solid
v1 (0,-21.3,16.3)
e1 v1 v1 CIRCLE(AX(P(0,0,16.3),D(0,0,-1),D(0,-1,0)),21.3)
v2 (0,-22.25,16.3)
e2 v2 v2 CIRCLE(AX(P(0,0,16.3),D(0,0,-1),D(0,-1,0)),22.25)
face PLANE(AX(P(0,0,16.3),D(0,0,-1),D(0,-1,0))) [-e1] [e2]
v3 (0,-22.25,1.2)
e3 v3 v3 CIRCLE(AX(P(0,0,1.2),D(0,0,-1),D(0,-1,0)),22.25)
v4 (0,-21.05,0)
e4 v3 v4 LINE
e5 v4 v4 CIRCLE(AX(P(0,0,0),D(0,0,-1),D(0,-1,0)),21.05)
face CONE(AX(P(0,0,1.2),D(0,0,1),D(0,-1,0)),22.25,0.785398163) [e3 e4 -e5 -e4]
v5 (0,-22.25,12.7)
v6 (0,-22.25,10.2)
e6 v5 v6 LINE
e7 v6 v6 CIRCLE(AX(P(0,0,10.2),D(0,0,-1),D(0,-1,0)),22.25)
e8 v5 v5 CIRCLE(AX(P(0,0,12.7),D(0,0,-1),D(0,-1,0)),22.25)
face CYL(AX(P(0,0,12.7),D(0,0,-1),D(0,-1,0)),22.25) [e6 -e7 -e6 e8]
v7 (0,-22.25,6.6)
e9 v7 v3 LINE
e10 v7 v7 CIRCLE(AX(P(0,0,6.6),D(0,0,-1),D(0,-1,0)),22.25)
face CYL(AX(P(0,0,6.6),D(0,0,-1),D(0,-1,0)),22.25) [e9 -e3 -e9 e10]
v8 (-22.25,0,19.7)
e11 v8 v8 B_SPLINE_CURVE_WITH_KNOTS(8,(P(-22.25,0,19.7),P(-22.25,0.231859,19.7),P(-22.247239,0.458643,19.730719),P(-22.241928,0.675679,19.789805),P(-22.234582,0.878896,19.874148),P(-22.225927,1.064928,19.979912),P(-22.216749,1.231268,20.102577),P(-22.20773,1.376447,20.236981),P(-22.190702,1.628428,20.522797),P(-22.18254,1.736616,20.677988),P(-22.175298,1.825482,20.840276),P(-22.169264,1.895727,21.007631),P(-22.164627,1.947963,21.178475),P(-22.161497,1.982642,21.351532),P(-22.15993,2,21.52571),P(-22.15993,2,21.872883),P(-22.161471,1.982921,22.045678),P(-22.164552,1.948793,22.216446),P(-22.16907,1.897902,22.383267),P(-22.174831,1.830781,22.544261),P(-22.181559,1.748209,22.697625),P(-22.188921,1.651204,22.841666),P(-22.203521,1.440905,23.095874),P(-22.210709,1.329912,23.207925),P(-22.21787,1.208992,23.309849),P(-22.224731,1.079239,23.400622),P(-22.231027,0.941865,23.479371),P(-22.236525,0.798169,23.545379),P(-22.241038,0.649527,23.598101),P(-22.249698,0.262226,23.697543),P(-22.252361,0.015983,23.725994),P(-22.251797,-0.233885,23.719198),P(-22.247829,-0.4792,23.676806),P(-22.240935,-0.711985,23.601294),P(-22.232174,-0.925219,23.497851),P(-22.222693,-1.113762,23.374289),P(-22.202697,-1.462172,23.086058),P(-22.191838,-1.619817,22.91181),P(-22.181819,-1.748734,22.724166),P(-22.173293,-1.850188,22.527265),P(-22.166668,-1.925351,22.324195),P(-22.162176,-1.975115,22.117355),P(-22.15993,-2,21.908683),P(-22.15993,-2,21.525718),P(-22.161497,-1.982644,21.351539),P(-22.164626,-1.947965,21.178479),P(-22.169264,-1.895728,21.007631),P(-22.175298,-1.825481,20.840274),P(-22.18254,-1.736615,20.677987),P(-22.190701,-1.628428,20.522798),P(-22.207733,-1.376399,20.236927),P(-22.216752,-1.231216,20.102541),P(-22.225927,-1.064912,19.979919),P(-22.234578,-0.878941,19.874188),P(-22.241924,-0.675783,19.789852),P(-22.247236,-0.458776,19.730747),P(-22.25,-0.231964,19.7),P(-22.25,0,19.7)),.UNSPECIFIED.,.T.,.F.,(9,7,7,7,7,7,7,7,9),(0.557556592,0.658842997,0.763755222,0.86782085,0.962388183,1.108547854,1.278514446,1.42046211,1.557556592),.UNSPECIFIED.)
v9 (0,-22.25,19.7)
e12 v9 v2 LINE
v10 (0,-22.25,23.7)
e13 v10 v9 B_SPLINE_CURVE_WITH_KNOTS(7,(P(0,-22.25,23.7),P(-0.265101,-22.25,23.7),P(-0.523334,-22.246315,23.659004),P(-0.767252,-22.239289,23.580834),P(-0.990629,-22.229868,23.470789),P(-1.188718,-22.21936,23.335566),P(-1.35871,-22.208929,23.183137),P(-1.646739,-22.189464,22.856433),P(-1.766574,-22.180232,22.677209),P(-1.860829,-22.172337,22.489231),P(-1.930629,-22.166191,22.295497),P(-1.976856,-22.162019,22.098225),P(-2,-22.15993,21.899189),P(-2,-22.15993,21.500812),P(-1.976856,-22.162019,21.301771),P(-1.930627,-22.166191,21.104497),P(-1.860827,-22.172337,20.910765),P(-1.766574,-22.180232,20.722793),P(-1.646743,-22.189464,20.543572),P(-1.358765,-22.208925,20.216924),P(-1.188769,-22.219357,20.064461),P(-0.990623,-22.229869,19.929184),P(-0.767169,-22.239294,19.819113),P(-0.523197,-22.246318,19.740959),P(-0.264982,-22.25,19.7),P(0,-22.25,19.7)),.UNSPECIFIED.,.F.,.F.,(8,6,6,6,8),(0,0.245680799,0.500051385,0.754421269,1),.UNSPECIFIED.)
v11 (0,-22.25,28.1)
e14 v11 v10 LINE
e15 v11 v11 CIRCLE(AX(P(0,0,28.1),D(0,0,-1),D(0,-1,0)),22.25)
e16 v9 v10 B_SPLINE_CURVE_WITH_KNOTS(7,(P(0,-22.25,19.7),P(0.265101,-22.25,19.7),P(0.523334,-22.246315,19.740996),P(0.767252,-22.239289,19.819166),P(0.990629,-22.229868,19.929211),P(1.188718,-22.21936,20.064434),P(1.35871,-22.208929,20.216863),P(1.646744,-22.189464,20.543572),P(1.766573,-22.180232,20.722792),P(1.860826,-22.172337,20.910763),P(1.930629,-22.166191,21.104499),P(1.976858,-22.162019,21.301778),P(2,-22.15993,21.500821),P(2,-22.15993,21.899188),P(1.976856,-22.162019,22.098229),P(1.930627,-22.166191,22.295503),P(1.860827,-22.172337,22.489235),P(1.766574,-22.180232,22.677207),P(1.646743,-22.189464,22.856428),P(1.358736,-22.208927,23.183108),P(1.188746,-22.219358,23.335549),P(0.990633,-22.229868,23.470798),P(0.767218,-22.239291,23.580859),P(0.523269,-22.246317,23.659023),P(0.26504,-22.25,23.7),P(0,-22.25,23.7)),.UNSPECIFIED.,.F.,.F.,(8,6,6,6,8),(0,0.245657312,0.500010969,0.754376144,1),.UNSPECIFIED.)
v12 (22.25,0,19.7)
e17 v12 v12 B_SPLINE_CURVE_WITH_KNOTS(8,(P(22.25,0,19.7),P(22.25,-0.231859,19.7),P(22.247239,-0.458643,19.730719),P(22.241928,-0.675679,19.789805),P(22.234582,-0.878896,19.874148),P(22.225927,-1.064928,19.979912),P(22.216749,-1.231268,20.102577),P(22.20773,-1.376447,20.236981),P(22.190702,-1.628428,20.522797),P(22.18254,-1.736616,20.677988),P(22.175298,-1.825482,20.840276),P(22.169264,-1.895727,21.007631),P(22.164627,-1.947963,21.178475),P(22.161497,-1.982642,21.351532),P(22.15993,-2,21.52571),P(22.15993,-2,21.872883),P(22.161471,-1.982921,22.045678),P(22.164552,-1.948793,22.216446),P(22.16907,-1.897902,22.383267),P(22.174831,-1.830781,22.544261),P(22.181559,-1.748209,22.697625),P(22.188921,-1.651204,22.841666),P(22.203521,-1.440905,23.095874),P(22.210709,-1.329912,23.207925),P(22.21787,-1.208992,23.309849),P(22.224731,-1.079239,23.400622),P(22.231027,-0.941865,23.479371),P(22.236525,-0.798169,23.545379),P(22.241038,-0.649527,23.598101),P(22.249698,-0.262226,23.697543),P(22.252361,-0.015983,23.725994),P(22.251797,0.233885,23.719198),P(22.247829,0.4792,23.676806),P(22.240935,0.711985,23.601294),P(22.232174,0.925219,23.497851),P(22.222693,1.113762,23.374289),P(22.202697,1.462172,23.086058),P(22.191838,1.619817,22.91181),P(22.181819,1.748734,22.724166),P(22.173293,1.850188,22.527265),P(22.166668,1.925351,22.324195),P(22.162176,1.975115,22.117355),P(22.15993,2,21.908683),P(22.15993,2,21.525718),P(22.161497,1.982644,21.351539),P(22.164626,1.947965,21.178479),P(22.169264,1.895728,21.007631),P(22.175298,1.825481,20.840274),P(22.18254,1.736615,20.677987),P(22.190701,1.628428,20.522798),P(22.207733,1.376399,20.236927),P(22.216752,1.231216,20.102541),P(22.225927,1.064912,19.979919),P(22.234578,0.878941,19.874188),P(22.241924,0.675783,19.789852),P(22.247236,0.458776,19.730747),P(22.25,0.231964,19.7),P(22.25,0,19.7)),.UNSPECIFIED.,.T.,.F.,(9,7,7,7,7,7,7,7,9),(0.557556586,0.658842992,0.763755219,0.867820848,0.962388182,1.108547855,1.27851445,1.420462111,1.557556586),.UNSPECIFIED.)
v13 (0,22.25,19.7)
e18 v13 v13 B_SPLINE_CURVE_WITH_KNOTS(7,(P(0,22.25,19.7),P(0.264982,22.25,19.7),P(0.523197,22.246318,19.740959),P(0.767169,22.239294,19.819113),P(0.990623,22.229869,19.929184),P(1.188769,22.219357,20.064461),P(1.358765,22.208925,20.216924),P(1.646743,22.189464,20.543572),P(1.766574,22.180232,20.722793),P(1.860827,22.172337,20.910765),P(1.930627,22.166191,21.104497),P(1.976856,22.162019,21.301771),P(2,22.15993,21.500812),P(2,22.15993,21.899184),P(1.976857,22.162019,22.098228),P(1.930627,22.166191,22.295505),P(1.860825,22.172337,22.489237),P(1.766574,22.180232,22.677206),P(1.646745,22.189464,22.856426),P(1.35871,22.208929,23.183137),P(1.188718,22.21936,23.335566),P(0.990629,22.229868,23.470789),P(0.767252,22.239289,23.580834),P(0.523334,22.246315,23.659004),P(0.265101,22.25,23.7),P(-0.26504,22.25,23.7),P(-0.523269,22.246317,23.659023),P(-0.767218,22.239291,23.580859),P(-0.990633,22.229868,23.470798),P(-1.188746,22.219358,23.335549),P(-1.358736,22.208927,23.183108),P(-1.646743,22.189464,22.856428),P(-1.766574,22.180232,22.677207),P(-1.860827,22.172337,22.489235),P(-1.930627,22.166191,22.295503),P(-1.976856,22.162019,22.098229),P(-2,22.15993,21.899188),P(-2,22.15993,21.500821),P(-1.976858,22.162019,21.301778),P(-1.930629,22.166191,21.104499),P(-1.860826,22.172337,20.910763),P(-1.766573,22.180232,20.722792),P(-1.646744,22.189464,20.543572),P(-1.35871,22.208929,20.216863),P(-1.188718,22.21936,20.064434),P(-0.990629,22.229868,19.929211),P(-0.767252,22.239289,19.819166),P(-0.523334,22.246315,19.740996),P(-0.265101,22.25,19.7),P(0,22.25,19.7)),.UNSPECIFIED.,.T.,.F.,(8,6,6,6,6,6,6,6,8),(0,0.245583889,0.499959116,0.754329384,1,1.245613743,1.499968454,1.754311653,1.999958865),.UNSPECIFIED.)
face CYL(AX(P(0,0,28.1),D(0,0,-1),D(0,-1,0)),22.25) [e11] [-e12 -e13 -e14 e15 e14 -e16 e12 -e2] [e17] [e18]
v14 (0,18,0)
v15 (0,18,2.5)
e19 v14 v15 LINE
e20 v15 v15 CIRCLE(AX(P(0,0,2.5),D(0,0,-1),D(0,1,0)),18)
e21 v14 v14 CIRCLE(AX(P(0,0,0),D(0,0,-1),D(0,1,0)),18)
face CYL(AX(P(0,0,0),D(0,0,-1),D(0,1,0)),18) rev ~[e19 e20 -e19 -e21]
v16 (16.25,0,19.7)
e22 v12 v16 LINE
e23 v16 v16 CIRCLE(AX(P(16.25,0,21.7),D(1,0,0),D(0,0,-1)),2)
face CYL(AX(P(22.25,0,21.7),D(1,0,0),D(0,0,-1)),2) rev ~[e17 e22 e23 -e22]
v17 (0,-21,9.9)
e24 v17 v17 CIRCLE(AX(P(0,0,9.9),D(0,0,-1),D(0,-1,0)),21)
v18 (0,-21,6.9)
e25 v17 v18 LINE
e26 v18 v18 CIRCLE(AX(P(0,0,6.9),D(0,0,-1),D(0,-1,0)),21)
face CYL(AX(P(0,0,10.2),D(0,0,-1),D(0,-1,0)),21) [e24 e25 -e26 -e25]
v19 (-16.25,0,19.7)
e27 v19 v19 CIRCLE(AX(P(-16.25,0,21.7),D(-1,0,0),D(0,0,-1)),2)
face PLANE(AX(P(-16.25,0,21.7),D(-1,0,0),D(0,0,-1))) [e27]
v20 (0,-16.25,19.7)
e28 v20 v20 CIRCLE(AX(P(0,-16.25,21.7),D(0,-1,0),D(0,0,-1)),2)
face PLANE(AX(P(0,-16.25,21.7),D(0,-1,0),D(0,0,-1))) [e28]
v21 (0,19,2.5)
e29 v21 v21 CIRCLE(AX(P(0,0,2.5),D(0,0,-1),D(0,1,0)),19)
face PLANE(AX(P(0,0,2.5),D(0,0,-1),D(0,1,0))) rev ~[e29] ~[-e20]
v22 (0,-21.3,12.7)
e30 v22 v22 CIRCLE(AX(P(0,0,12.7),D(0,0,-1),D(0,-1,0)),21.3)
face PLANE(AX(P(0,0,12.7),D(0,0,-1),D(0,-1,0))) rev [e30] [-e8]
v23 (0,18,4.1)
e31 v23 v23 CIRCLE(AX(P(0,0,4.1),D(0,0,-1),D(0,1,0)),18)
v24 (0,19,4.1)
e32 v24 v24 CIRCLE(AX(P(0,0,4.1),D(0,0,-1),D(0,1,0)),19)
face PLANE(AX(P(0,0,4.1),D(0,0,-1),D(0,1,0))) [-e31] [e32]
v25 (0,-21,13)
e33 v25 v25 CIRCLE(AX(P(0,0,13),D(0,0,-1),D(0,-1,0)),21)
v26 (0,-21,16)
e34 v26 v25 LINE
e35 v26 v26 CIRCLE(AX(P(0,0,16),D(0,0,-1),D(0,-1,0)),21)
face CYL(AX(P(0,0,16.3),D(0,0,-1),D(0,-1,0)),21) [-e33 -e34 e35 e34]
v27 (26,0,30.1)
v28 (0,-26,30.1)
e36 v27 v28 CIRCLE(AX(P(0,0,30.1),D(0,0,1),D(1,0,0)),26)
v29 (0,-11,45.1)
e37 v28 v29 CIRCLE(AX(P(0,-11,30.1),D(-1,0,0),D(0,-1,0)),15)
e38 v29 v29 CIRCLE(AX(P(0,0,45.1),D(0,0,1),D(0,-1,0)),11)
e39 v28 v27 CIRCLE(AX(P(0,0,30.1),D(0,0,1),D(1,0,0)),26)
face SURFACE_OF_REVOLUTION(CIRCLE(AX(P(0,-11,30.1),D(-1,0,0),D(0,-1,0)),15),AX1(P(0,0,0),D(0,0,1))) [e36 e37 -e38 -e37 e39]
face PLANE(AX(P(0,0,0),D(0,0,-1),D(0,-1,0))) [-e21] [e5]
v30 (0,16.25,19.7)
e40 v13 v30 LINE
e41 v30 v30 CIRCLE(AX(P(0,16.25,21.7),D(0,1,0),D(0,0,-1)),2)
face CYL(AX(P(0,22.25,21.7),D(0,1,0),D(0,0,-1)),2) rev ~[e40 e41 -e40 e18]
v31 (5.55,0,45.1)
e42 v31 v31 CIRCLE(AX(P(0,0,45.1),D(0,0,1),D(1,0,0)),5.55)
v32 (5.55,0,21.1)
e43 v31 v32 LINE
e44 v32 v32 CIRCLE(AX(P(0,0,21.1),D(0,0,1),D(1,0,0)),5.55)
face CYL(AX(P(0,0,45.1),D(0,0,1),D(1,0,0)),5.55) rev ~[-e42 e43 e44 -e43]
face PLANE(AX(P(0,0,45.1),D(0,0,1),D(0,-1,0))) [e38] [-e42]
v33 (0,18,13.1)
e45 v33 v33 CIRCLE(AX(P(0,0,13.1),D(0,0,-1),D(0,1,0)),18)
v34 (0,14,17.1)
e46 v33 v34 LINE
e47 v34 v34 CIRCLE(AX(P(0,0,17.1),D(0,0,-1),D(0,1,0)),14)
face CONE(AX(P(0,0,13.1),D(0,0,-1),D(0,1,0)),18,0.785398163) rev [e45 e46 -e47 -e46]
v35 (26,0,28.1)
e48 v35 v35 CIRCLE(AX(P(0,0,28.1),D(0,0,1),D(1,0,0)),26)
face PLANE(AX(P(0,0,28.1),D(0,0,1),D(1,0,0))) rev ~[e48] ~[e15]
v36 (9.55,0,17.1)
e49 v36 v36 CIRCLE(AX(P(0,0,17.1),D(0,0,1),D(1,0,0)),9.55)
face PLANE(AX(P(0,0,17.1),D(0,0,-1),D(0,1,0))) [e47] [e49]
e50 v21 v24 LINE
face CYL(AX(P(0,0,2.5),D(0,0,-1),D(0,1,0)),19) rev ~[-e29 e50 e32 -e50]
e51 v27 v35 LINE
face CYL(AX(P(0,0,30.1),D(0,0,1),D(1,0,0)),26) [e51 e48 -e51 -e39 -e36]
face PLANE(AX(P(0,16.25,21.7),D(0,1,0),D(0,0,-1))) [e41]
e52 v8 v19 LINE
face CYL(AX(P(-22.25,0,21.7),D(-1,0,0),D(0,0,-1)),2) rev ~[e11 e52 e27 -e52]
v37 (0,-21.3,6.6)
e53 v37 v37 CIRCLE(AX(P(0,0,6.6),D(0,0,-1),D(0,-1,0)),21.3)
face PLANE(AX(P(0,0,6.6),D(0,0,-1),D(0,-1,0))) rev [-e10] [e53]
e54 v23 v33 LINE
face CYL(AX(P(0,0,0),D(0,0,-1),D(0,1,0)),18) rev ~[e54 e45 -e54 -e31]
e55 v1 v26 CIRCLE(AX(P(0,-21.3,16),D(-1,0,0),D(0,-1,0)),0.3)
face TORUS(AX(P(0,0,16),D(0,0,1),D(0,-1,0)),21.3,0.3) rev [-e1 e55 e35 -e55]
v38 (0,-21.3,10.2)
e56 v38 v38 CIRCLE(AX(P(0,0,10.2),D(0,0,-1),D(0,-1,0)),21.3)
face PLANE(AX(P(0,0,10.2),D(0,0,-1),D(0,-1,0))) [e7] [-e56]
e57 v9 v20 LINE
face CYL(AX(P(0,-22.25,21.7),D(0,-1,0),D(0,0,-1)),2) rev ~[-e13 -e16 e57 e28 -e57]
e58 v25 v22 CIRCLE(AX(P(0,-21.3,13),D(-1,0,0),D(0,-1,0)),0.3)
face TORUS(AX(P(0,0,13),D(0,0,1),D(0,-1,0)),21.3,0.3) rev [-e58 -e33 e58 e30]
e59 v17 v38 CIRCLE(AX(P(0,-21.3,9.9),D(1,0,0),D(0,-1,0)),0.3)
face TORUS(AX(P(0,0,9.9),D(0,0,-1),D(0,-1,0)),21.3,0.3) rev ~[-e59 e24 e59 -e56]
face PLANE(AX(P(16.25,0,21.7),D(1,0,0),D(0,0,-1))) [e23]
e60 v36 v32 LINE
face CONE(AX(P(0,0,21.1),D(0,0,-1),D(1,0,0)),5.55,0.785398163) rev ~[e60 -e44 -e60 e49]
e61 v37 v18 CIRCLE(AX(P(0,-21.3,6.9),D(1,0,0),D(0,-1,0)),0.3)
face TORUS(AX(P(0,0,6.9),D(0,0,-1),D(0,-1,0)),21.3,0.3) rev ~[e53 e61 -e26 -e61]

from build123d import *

# Parameters (mm, degrees)
BOSS_EXTRUDE1_START = 2
SKETCH3_R           = 26
SKETCH3_R_2         = 12.25
BOSS_EXTRUDE1_DEPTH = 2
SKETCH11_R          = 12.25
BOSS_EXTRUDE2_DEPTH = 13
SKETCH12_R          = 5.55
CUT_EXTRUDE7_DEPTH  = 28
SKETCH6_R           = 2
CUT_EXTRUDE4_DEPTH  = 6
SKETCH9_R           = 16.5
CUT_EXTRUDE6_DEPTH  = 17.1
CHAMFER1_SIZE       = 4
FILLET1_R           = 0.3
CIRPATTERN1_COUNT   = 4
SKETCH13_R          = 18
CUT_EXTRUDE8_DEPTH  = 17.1
CHAMFER3_SIZE       = 4
SKETCH14_R          = 19
CUT_EXTRUDE9_DEPTH  = 1.6


with BuildPart() as part:
    # Sketch1 → Revolve1 (revolve)
    with BuildSketch(Plane(origin=(0, 0, 0), x_dir=(0, 0, -1), z_dir=(1, 0, 0)), mode=Mode.PRIVATE) as revolve1_sk:
        Polygon((-28.1, 16.231420233), (-28.1, 22.25), (-16.3, 22.25), (-16.3, 21), (-12.7, 21), (-12.7, 22.25), (-10.2, 22.25), (-10.2, 21), (-6.6, 21), (-6.6, 22.25), (-1.2, 22.25), (0, 21.05), (0, 12.25), (-28.1, 12.25), align=None)
    revolve(revolve1_sk.sketch.rotate(Axis((0, 0, 36.316050584), (0, 0, -1)), 180), axis=Axis((0, 0, 36.316050584), (0, 0, -1)))

    # Sketch3 → Boss-Extrude1 (add)
    with BuildSketch(Plane.XY.offset(28.1).offset(BOSS_EXTRUDE1_START)):
        Circle(SKETCH3_R)
        with Locations(Location((0, 0, 0), (0, 0, 270))):
            Circle(SKETCH3_R_2, mode=Mode.SUBTRACT)
    extrude(amount=-BOSS_EXTRUDE1_DEPTH)

    # Sketch4 → Revolve9 (revolve)
    with BuildSketch(Plane(origin=(0, 0, 0), x_dir=(1, 0, 0), z_dir=(0, 1, 0)), mode=Mode.PRIVATE) as revolve9_sk:
        with BuildLine():
            Line((0, -45.1), (0, -30.1))
            Line((0, -30.1), (-26, -30.1))
            ThreePointArc((-26, -30.1), (-21.606601718, -40.706601718), (-11, -45.1))
            Line((-11, -45.1), (0, -45.1))
        make_face()
    revolve(revolve9_sk.sketch.rotate(Axis((0, 0, 0), (0, 0, 1)), 90), axis=Axis((0, 0, 0), (0, 0, 1)))

    # Sketch11 → Boss-Extrude2 (add)
    with BuildSketch(Plane(origin=(0, 0, 30.1), x_dir=(-1, 0, 0), z_dir=(0, 0, -1))):
        with Locations(Location((0, 0, 0), (0, 0, 270))):
            Circle(SKETCH11_R)
    extrude(amount=BOSS_EXTRUDE2_DEPTH)

    # Sketch12 → Cut-Extrude7 (cut)
    with BuildSketch(Plane.XY.offset(45.1)):
        Circle(SKETCH12_R)
    extrude(amount=-CUT_EXTRUDE7_DEPTH, mode=Mode.SUBTRACT)

    # Sketch6 → Cut-Extrude4 (cut)
    with BuildSketch(Plane(origin=(22.25, 0, 0), x_dir=(0, 0, -1), z_dir=(1, 0, 0))):
        with Locations((-21.7, 0)):
            Circle(SKETCH6_R)
    cut_extrude4 = extrude(amount=-CUT_EXTRUDE4_DEPTH, mode=Mode.SUBTRACT)

    # Sketch9 → Cut-Extrude6 (cut)
    with BuildSketch(Plane(origin=(0, 0, 0), x_dir=(-1, 0, 0), z_dir=(0, 0, -1))):
        with Locations(Location((0, 0, 0), (0, 0, 90))):
            Circle(SKETCH9_R)
    extrude(amount=-CUT_EXTRUDE6_DEPTH, mode=Mode.SUBTRACT)

    # Chamfer1
    chamfer1_edges = [part.edges().sort_by_distance(p)[0] for p in [
        (-5.55, 0, 17.1),
        (0, -16.5, 17.1),
    ]]
    chamfer(chamfer1_edges, length=CHAMFER1_SIZE)

    # Fillet1
    fillet1_edges = [part.edges().sort_by_distance(p)[0] for p in [
        (0, 21, 6.6),
        (0, 21, 10.2),
        (0, 21, 12.7),
        (0, 21, 16.3),
    ]]
    fillet(fillet1_edges, radius=FILLET1_R)

    # CirPattern1: Cut-Extrude4 ×4 about axis
    cirpattern1_axis = Axis((0, 0, 0), (0, 0, 1))
    for i in range(1, CIRPATTERN1_COUNT):
        add(cut_extrude4.rotate(cirpattern1_axis, i * 360 / CIRPATTERN1_COUNT), mode=Mode.SUBTRACT)

    # Sketch13 → Cut-Extrude8 (cut)
    with BuildSketch(Plane(origin=(0, 0, 0), x_dir=(-1, 0, 0), z_dir=(0, 0, -1))):
        with Locations(Location((0, 0, 0), (0, 0, 90))):
            Circle(SKETCH13_R)
    extrude(amount=-CUT_EXTRUDE8_DEPTH, mode=Mode.SUBTRACT)

    # Chamfer3
    chamfer3_edges = [part.edges().sort_by_distance(p)[0] for p in [
        (0, -18, 17.1),
    ]]
    chamfer(chamfer3_edges, length=CHAMFER3_SIZE)

    # Sketch14 → Cut-Extrude9 (cut)
    with BuildSketch(Plane(origin=(0, 0, 2.5), x_dir=(-1, 0, 0), z_dir=(0, 0, -1))):
        with Locations(Location((0, 0, 0), (0, 0, 90))):
            Circle(SKETCH14_R)
    extrude(amount=-CUT_EXTRUDE9_DEPTH, mode=Mode.SUBTRACT)


solid = part.part
